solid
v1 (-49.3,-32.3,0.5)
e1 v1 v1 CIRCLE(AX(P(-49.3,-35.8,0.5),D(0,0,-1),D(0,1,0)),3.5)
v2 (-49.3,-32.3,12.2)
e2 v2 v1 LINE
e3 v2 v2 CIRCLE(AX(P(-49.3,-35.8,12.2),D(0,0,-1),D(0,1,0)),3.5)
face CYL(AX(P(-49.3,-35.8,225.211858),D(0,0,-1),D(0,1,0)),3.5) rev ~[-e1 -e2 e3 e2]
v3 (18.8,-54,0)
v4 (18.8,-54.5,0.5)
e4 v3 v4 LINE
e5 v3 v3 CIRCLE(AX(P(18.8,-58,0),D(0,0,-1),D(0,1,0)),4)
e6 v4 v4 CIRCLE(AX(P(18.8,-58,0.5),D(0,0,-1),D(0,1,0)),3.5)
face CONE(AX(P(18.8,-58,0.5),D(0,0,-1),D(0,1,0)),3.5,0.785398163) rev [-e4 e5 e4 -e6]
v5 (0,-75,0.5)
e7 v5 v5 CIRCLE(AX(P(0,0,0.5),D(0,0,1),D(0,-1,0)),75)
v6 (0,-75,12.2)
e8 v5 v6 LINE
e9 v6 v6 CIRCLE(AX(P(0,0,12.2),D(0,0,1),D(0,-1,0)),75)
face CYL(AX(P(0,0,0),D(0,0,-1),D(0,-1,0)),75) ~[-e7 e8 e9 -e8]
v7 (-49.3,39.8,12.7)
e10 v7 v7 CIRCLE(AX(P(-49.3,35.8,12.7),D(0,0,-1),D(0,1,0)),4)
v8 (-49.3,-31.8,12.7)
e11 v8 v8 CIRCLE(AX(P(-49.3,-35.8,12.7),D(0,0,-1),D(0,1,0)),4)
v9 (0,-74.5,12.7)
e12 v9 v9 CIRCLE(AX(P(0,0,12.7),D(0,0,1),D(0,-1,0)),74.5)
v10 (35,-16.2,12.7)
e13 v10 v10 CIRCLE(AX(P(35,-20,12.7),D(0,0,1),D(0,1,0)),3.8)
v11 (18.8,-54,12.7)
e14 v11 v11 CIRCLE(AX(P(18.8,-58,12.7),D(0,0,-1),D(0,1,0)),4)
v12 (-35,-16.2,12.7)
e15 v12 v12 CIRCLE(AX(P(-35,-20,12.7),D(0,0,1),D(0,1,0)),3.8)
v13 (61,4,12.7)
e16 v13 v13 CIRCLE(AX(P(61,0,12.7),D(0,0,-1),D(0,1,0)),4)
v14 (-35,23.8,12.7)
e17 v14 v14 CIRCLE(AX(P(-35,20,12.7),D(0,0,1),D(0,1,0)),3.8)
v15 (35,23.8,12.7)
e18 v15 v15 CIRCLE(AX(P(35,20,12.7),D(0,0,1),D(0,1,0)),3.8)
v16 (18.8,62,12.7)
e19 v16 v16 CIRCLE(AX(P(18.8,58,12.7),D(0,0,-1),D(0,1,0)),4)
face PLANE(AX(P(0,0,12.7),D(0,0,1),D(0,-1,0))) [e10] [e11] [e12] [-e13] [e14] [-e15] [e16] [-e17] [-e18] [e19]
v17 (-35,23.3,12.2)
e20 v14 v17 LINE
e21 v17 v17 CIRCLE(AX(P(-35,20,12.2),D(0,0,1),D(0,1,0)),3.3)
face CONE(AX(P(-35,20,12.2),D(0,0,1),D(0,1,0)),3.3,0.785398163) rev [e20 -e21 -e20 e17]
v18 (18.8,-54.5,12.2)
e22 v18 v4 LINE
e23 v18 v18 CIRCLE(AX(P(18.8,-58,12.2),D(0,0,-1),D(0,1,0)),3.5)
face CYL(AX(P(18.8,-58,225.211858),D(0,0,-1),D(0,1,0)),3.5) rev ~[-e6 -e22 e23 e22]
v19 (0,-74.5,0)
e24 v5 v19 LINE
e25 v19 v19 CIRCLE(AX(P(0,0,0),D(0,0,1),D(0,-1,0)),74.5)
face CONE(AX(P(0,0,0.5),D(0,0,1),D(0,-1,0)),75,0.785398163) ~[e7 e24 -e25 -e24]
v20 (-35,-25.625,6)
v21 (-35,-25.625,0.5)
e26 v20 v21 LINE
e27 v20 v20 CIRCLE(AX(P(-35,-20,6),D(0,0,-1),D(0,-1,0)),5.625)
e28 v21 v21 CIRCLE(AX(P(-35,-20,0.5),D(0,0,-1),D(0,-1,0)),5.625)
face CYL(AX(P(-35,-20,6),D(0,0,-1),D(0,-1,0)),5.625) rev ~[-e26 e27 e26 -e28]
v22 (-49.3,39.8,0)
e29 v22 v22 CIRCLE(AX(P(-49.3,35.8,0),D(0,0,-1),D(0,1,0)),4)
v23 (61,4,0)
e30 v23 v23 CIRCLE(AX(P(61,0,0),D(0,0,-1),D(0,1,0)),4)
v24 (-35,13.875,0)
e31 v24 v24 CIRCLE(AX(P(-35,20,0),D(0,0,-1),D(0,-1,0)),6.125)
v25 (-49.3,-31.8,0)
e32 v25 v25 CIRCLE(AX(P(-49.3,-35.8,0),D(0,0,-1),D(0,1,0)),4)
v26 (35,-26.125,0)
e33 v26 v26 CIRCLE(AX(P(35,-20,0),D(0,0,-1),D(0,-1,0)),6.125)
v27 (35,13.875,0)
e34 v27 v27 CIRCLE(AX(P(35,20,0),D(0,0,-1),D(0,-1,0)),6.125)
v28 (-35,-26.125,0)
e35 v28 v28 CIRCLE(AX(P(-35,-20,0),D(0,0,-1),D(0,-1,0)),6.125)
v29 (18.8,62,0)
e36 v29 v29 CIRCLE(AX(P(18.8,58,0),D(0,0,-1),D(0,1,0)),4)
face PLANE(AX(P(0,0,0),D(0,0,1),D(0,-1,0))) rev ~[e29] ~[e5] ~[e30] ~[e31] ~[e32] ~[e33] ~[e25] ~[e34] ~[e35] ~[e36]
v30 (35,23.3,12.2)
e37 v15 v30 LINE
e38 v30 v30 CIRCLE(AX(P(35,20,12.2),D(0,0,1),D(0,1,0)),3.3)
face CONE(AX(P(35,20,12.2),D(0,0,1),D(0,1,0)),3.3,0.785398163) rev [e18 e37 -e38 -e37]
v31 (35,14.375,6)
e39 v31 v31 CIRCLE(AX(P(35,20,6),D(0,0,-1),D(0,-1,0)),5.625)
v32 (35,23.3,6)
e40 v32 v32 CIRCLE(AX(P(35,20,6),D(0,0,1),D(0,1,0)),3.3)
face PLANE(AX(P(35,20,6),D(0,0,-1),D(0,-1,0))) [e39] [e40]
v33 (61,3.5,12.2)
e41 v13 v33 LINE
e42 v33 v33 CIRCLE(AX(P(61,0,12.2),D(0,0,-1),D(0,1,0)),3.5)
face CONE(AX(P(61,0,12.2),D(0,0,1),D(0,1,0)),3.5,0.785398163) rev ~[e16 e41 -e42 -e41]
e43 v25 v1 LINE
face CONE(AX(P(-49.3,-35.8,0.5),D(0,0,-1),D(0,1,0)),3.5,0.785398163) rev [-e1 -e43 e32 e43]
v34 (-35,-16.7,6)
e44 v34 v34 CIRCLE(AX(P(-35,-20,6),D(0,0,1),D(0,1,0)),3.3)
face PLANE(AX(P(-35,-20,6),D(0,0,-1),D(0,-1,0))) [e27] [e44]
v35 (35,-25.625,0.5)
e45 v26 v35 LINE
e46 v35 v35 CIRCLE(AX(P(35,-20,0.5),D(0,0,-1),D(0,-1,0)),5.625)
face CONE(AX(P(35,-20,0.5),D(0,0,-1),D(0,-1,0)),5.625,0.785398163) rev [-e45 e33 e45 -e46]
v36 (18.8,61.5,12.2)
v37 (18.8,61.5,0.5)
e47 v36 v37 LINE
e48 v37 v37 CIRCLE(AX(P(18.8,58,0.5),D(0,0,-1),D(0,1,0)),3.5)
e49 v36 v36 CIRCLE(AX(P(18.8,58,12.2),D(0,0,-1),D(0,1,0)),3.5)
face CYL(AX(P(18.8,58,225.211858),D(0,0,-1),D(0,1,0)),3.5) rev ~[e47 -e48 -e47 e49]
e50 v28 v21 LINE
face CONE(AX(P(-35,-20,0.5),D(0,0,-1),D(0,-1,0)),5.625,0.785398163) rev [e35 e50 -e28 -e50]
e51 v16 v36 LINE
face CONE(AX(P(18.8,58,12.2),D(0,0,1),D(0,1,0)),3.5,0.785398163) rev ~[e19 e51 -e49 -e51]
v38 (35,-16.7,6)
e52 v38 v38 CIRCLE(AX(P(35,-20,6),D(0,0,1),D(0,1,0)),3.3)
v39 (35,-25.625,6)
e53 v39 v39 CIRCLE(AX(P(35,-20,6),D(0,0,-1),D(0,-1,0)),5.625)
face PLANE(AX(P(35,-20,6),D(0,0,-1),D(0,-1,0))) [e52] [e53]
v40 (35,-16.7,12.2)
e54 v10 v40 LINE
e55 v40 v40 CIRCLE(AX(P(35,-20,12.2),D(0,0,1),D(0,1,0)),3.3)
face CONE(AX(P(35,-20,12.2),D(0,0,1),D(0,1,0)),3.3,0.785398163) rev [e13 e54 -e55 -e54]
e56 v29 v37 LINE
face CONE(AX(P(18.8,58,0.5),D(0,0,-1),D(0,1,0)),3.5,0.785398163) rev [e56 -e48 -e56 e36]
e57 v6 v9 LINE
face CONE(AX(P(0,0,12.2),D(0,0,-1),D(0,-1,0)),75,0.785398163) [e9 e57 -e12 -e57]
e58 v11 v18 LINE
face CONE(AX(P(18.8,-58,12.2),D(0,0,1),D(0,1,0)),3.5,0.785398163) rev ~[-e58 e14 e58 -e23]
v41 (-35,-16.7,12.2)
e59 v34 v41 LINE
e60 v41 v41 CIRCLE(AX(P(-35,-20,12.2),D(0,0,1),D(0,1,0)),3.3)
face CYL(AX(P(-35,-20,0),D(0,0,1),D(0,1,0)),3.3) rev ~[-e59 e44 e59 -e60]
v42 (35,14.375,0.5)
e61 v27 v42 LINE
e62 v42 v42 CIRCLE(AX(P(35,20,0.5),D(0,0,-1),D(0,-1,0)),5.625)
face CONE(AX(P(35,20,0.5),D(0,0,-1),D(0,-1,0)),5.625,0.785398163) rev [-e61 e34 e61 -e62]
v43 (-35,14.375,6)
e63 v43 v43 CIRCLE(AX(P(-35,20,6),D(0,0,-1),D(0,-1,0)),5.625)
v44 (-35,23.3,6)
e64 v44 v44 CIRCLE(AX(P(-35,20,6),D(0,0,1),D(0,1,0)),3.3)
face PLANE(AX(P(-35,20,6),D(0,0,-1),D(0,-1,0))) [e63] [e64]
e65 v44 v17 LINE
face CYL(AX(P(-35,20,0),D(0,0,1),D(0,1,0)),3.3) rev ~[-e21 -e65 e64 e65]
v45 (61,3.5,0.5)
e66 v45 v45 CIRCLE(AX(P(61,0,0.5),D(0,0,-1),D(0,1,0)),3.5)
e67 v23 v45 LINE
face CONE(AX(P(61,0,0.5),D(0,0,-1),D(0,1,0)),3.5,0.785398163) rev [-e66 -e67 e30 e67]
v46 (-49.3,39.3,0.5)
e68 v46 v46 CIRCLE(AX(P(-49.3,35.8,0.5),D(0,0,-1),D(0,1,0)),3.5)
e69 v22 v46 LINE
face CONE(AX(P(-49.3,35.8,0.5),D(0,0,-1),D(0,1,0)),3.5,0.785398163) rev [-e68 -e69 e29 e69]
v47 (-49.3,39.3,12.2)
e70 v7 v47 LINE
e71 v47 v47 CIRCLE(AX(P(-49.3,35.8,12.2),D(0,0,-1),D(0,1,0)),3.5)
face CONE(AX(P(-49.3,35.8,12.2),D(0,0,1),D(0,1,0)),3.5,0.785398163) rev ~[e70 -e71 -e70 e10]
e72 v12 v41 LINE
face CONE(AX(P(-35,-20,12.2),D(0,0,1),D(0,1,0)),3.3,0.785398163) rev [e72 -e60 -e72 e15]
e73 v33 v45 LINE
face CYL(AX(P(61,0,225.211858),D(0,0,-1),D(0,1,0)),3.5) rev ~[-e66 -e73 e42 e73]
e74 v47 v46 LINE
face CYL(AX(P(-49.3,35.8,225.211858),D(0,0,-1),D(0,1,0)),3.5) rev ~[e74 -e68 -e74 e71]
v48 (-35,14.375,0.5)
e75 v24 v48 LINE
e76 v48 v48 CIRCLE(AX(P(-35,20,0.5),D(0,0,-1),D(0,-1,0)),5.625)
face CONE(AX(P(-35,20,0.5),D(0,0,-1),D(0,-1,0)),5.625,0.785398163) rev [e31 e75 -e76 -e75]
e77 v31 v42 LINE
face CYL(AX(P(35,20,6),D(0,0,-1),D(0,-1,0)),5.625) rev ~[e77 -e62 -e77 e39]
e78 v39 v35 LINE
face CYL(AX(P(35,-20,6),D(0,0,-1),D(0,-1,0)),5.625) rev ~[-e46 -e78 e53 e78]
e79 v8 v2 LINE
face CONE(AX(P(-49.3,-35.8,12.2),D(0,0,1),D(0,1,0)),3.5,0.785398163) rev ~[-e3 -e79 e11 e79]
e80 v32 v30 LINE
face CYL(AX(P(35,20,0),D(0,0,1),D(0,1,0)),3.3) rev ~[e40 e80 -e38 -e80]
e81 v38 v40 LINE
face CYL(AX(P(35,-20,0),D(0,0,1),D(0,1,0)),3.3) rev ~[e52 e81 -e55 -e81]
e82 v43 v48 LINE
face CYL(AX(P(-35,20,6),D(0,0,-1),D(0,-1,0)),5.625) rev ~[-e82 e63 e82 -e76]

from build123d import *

# Parameters (mm, degrees)
F0_R           = 75
F1_DEPTH       = 12.7
F2_D           = 6.6
F2_CBORE_D     = 11.25
F2_CBORE_DEPTH = 6
F4_D           = 7
F5_SIZE        = 0.5
F7_ANGLE       = -90


with BuildPart() as f1:
    # F0 (on Top) → F1 (new body)
    with BuildSketch(Plane.XY):
        Circle(F0_R)
    extrude(amount=F1_DEPTH)

    # F2 (through all)
    with Locations(Plane(origin=(0, 0, 0), x_dir=(1, 0, 0), z_dir=(0, 0, -1))):
        with Locations((-20, -35), (20, -35), (-20, 35), (20, 35)):
            CounterBoreHole(F2_D / 2, F2_CBORE_D / 2, F2_CBORE_DEPTH)

    # F4 (through all)
    with Locations(Plane.XY.offset(12.7)):
        with Locations((0, 61), (58, 18.8), (35.8, -49.3), (-35.8, -49.3), (-58, 18.8)):
            Hole(F4_D / 2)

    # F5
    f5_edges = [f1.edges().sort_by_distance(p)[0] for p in [
        (-75, 0, 12.7),
        (-39.3, -49.3, 12.7),
        (-23.3, -35, 12.7),
        (16.7, -35, 12.7),
        (32.3, -49.3, 12.7),
        (-61.5, 18.8, 12.7),
        (-23.3, 35, 12.7),
        (16.7, 35, 12.7),
        (54.5, 18.8, 12.7),
        (-3.5, 61, 12.7),
        (-75, 0, 0),
        (-39.3, -49.3, 0),
        (-25.625, -35, 0),
        (14.375, -35, 0),
        (32.3, -49.3, 0),
        (-61.5, 18.8, 0),
        (-25.625, 35, 0),
        (14.375, 35, 0),
        (54.5, 18.8, 0),
        (-3.5, 61, 0),
    ]]
    chamfer(f5_edges, length=F5_SIZE)


with BuildPart() as f1_1:
    # F7: moved
    add(f1.part.rotate(Axis((0, 0, 4.841263406), (0, 0, 1)), F7_ANGLE))


solid = f1_1.part
